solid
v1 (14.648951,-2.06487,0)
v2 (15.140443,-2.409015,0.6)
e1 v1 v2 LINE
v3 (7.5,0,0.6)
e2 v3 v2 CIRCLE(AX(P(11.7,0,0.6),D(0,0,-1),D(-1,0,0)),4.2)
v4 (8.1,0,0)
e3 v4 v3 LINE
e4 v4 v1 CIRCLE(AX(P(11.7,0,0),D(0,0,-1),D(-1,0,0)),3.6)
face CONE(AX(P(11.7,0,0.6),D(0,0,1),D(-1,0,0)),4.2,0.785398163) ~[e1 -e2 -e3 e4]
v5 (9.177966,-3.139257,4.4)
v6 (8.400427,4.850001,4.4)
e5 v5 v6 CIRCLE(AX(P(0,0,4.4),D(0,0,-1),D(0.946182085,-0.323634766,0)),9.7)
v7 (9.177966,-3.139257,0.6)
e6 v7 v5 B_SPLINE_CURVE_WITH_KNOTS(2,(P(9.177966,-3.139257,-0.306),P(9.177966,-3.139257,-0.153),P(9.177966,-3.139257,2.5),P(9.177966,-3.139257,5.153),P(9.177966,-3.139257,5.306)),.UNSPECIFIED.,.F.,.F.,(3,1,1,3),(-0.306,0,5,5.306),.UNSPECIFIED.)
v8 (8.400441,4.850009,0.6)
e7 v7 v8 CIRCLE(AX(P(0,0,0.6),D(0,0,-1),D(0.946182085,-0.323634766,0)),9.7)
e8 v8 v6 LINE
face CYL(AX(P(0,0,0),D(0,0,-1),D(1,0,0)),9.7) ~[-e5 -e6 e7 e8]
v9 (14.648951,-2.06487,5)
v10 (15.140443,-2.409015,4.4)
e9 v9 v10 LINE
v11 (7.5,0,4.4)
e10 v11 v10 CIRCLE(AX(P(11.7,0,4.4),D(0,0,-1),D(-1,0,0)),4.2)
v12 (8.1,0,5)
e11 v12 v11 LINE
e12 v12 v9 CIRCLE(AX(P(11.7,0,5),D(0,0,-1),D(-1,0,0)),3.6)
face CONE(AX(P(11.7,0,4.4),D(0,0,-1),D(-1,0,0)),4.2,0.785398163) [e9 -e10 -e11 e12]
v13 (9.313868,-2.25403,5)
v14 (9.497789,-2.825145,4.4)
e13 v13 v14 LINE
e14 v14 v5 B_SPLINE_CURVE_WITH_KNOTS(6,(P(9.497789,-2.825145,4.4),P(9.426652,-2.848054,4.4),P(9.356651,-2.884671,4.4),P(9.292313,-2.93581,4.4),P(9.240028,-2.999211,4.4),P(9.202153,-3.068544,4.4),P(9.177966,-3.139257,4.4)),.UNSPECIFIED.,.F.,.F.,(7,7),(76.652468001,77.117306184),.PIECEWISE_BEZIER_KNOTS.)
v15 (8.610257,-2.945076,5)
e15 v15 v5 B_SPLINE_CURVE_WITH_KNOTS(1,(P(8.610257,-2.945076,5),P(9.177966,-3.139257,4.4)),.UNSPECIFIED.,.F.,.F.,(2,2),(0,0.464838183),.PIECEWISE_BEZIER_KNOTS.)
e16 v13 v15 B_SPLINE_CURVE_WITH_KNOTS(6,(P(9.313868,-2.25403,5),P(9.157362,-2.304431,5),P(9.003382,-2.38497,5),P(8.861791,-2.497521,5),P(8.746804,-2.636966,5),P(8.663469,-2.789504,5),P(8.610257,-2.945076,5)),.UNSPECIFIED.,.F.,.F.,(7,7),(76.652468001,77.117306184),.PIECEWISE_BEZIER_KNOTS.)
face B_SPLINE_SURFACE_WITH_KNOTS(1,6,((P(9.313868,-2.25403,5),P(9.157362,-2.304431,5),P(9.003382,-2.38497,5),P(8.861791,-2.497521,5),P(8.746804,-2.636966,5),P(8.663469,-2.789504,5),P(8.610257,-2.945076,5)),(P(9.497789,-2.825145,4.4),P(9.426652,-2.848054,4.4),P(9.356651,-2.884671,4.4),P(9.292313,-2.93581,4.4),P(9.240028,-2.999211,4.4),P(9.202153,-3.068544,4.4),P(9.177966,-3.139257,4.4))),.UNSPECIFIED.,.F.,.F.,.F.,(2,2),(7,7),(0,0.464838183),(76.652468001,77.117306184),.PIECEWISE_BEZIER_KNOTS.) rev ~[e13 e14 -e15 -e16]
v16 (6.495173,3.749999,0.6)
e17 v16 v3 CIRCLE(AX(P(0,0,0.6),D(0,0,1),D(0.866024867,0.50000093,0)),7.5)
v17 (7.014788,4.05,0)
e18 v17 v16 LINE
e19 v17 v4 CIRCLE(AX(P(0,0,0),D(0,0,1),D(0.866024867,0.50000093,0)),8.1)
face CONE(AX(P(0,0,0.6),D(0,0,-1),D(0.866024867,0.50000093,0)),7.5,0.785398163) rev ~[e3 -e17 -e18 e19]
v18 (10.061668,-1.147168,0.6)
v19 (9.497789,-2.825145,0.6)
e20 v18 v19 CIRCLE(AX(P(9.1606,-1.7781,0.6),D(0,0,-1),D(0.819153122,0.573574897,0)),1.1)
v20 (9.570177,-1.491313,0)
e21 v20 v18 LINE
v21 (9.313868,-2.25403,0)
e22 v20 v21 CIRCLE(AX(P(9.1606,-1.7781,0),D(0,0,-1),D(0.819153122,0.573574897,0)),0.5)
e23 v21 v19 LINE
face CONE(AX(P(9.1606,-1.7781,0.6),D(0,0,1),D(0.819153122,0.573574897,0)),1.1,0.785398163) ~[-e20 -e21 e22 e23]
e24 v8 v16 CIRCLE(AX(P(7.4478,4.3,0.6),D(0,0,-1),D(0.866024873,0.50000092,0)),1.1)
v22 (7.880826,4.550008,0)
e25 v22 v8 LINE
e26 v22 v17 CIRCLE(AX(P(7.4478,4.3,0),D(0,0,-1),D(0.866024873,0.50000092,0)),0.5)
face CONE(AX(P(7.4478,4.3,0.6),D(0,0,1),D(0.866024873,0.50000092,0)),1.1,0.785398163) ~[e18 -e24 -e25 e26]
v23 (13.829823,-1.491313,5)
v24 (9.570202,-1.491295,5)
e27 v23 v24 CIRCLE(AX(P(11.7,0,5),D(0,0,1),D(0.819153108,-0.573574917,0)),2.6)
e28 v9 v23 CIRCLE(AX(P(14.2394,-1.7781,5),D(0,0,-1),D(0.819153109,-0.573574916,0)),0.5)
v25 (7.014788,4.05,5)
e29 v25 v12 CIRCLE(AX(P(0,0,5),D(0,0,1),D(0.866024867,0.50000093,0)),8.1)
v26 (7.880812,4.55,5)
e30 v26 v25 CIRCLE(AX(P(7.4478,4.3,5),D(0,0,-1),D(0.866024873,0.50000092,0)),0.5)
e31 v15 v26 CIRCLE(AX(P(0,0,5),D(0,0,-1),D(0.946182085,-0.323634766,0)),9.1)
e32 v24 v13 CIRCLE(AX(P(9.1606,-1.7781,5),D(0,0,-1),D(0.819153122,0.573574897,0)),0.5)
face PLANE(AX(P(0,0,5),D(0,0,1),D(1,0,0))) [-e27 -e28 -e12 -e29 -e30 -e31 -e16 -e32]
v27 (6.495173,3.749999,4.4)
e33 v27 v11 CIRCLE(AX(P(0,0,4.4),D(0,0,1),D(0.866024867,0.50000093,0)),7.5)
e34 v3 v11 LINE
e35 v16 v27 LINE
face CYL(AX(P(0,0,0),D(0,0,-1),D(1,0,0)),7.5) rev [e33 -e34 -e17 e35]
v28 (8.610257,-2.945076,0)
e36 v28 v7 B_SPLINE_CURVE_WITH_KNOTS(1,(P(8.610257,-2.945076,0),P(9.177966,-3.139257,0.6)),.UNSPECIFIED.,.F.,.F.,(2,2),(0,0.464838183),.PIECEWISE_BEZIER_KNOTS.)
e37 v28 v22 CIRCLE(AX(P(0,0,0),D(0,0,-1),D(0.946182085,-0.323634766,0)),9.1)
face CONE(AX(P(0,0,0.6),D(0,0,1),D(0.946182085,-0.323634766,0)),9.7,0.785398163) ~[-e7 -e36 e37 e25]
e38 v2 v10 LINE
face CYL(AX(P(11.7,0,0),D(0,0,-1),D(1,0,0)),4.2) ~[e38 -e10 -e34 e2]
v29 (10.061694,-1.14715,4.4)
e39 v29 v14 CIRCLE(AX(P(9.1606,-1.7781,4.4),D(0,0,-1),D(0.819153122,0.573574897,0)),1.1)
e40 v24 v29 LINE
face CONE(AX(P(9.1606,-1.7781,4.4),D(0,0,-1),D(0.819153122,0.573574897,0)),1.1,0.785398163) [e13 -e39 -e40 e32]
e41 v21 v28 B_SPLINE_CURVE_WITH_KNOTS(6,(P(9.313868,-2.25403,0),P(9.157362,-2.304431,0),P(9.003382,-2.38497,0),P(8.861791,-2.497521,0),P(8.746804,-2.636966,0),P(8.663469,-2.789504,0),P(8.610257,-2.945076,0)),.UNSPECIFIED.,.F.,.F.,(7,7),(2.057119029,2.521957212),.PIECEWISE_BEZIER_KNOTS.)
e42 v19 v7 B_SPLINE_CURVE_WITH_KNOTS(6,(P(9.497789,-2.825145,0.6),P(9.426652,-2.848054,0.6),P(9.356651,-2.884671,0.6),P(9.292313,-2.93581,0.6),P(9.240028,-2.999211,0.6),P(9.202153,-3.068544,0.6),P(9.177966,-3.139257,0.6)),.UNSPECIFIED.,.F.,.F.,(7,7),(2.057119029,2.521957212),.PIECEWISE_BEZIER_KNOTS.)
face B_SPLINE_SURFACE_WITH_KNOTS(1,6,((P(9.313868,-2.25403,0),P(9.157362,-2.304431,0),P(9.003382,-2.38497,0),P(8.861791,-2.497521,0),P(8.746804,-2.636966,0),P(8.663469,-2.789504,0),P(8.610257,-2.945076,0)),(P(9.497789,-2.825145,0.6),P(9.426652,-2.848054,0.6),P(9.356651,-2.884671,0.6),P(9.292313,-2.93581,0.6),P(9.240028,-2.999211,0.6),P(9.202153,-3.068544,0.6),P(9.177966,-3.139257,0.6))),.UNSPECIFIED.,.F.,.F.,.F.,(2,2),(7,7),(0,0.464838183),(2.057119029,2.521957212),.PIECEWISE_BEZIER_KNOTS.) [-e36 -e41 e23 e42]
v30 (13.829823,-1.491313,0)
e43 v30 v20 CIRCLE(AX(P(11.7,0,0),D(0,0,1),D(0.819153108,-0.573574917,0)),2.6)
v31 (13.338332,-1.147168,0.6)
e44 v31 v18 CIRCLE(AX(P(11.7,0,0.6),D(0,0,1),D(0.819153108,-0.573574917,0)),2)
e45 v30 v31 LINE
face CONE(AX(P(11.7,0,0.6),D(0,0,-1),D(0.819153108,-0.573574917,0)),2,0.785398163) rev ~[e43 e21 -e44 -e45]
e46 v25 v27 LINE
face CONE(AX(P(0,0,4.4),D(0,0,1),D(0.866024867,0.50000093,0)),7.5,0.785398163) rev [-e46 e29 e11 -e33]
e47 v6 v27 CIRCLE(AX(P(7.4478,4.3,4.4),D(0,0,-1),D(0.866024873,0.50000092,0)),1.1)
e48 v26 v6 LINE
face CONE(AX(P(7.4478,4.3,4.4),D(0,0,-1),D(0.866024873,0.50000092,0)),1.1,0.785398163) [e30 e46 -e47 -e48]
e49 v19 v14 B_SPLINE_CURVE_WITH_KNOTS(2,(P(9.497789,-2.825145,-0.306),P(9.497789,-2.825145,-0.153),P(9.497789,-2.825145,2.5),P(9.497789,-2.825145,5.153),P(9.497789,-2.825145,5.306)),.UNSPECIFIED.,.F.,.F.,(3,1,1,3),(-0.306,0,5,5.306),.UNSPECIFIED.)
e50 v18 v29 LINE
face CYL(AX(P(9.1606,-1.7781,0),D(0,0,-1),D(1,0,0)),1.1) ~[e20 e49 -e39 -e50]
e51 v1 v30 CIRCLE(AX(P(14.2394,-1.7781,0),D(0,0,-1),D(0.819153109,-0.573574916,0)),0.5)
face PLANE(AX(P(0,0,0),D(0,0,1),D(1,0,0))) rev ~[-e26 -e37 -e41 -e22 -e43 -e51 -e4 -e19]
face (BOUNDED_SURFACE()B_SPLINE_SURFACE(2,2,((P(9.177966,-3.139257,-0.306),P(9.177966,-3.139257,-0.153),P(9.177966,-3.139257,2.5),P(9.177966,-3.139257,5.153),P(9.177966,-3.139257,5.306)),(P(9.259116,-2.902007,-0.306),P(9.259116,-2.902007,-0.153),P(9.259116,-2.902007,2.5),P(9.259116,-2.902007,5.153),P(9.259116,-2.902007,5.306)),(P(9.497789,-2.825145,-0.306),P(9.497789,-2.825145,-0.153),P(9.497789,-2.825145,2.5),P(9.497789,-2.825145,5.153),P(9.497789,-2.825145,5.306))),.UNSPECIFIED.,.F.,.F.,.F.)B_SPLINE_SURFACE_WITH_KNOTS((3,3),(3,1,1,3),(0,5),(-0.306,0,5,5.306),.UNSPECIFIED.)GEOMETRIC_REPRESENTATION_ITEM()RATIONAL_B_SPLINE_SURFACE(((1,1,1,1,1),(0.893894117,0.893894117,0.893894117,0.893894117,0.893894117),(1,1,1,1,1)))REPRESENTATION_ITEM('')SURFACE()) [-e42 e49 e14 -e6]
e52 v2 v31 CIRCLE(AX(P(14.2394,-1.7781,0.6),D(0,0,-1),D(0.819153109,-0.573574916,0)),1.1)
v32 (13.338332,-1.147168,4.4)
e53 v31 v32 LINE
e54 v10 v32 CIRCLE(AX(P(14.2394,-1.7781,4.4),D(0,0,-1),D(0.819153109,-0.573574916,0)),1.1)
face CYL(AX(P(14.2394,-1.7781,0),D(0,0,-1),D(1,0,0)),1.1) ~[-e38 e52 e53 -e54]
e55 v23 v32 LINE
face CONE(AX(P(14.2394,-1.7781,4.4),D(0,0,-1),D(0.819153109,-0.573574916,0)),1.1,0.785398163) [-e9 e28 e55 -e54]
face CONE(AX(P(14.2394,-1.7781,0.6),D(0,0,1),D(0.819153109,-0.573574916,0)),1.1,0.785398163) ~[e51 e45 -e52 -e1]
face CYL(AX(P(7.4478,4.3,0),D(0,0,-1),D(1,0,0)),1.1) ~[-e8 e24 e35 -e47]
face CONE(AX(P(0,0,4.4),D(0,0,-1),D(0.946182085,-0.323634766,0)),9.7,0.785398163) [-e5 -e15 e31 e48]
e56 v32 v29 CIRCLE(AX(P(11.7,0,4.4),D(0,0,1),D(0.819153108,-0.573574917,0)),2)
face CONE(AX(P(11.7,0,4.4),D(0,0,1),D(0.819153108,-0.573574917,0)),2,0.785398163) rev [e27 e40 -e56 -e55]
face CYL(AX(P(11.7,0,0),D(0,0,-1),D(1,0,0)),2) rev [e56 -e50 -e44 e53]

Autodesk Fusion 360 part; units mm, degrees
sketch "Sketch1" plane through (0, 0, 0) normal (0, 0, 1) x (1, 0, 0)
  circle A0 centre (0, 0) radius 7.5
  circle A1 centre (0, 0) radius 9.7
  circle A2 centre (11.7, 0) radius 2
  circle A3 centre (11.7, 0) radius 4.2
  line L0 (-19.1275, 0) -> (19.1275, 0) construction
  line L1 (0, 53.4087) -> (0, -53.4087) construction
  circle A4 centre (9.1606, -1.7781) radius 1.1
  circle A5 centre (14.2394, -1.7781) radius 1.1
  circle A6 centre (7.4478, 4.3) radius 1.1
  line L2 (0, 0) -> (7.4478, 4.3) construction
  line L3 (0, 0) -> (11.7, 0) construction
  line L4 (9.1606, -1.7781) -> (11.7, 0) construction
  line L5 (14.2394, -1.7781) -> (11.7, 0) construction
  line L6 (9.1606, -1.7781) -> (14.2394, -1.7781) construction
  dimension "d5_1_1_2_1_1" = 15
  dimension "d6_1_1_2_1_1" = 2.2
  dimension "d7_1_1_2_1_1" = 4
  dimension "d9_1_1_2_1_1" = 2.2
  dimension "d17_1_1_2_1_1" = 2.2
  dimension "d18_1_1_2_1_1" = 2.2
  dimension "d23_1_1_2_1_1" = 2.2
  dimension "d32_1_1" = 110
  dimension "d34_1_1" = 90
  dimension "d36_1" = 30
  dimension "d47" = 5.0787
extrude "Extrude1" add sketch "Sketch1" along normal blind 5 contours A0 A1 A3 A6 | A1 A3 A4 | A6 | A1 A2 A3 A5 | A1 A3 A4 | A1 A4 | A1 A2 A4 | A1 A4 | A5 picked at (6.1986, 5.9178)
fillet "Fillet1" radius 0.5 1 edges at (9.2647, -2.8732, 2.5)
chamfer "Chamfer2" distance 0.6 angle 45 16 edges at (7.9978, 3.3474, 5) (-9.6544, -0.9396, 5) (9.3007, -2.9443, 5) (10.2033, -2.1285, 5) (11.7, 2, 5) (13.6084, -2.6792, 5) (12.963, 4.0056, 5) (-7.2444, -1.9411, 5) (10.2033, -2.1285, 0) (11.7, 2, 0) (13.6084, -2.6792, 0) (12.963, 4.0056, 0) (-7.2444, -1.9411, 0) (7.9978, 3.3474, 0) (-9.6544, -0.9396, 0) (9.3007, -2.9443, 0)
equation "d6_1_1_2_1_1 = ClipWall"
equation "d9_1_1_2_1_1 = ClipWall"
equation "d17_1_1_2_1_1 = ClipWall"
equation "d18_1_1_2_1_1 = ClipWall"
equation "d21_1_1_2_1_1 = Thickness"
equation "d23_1_1_2_1_1 = ClipWall"
equation "ClipWall = 2.2 mm"
equation "Thickness = 5 mm"
